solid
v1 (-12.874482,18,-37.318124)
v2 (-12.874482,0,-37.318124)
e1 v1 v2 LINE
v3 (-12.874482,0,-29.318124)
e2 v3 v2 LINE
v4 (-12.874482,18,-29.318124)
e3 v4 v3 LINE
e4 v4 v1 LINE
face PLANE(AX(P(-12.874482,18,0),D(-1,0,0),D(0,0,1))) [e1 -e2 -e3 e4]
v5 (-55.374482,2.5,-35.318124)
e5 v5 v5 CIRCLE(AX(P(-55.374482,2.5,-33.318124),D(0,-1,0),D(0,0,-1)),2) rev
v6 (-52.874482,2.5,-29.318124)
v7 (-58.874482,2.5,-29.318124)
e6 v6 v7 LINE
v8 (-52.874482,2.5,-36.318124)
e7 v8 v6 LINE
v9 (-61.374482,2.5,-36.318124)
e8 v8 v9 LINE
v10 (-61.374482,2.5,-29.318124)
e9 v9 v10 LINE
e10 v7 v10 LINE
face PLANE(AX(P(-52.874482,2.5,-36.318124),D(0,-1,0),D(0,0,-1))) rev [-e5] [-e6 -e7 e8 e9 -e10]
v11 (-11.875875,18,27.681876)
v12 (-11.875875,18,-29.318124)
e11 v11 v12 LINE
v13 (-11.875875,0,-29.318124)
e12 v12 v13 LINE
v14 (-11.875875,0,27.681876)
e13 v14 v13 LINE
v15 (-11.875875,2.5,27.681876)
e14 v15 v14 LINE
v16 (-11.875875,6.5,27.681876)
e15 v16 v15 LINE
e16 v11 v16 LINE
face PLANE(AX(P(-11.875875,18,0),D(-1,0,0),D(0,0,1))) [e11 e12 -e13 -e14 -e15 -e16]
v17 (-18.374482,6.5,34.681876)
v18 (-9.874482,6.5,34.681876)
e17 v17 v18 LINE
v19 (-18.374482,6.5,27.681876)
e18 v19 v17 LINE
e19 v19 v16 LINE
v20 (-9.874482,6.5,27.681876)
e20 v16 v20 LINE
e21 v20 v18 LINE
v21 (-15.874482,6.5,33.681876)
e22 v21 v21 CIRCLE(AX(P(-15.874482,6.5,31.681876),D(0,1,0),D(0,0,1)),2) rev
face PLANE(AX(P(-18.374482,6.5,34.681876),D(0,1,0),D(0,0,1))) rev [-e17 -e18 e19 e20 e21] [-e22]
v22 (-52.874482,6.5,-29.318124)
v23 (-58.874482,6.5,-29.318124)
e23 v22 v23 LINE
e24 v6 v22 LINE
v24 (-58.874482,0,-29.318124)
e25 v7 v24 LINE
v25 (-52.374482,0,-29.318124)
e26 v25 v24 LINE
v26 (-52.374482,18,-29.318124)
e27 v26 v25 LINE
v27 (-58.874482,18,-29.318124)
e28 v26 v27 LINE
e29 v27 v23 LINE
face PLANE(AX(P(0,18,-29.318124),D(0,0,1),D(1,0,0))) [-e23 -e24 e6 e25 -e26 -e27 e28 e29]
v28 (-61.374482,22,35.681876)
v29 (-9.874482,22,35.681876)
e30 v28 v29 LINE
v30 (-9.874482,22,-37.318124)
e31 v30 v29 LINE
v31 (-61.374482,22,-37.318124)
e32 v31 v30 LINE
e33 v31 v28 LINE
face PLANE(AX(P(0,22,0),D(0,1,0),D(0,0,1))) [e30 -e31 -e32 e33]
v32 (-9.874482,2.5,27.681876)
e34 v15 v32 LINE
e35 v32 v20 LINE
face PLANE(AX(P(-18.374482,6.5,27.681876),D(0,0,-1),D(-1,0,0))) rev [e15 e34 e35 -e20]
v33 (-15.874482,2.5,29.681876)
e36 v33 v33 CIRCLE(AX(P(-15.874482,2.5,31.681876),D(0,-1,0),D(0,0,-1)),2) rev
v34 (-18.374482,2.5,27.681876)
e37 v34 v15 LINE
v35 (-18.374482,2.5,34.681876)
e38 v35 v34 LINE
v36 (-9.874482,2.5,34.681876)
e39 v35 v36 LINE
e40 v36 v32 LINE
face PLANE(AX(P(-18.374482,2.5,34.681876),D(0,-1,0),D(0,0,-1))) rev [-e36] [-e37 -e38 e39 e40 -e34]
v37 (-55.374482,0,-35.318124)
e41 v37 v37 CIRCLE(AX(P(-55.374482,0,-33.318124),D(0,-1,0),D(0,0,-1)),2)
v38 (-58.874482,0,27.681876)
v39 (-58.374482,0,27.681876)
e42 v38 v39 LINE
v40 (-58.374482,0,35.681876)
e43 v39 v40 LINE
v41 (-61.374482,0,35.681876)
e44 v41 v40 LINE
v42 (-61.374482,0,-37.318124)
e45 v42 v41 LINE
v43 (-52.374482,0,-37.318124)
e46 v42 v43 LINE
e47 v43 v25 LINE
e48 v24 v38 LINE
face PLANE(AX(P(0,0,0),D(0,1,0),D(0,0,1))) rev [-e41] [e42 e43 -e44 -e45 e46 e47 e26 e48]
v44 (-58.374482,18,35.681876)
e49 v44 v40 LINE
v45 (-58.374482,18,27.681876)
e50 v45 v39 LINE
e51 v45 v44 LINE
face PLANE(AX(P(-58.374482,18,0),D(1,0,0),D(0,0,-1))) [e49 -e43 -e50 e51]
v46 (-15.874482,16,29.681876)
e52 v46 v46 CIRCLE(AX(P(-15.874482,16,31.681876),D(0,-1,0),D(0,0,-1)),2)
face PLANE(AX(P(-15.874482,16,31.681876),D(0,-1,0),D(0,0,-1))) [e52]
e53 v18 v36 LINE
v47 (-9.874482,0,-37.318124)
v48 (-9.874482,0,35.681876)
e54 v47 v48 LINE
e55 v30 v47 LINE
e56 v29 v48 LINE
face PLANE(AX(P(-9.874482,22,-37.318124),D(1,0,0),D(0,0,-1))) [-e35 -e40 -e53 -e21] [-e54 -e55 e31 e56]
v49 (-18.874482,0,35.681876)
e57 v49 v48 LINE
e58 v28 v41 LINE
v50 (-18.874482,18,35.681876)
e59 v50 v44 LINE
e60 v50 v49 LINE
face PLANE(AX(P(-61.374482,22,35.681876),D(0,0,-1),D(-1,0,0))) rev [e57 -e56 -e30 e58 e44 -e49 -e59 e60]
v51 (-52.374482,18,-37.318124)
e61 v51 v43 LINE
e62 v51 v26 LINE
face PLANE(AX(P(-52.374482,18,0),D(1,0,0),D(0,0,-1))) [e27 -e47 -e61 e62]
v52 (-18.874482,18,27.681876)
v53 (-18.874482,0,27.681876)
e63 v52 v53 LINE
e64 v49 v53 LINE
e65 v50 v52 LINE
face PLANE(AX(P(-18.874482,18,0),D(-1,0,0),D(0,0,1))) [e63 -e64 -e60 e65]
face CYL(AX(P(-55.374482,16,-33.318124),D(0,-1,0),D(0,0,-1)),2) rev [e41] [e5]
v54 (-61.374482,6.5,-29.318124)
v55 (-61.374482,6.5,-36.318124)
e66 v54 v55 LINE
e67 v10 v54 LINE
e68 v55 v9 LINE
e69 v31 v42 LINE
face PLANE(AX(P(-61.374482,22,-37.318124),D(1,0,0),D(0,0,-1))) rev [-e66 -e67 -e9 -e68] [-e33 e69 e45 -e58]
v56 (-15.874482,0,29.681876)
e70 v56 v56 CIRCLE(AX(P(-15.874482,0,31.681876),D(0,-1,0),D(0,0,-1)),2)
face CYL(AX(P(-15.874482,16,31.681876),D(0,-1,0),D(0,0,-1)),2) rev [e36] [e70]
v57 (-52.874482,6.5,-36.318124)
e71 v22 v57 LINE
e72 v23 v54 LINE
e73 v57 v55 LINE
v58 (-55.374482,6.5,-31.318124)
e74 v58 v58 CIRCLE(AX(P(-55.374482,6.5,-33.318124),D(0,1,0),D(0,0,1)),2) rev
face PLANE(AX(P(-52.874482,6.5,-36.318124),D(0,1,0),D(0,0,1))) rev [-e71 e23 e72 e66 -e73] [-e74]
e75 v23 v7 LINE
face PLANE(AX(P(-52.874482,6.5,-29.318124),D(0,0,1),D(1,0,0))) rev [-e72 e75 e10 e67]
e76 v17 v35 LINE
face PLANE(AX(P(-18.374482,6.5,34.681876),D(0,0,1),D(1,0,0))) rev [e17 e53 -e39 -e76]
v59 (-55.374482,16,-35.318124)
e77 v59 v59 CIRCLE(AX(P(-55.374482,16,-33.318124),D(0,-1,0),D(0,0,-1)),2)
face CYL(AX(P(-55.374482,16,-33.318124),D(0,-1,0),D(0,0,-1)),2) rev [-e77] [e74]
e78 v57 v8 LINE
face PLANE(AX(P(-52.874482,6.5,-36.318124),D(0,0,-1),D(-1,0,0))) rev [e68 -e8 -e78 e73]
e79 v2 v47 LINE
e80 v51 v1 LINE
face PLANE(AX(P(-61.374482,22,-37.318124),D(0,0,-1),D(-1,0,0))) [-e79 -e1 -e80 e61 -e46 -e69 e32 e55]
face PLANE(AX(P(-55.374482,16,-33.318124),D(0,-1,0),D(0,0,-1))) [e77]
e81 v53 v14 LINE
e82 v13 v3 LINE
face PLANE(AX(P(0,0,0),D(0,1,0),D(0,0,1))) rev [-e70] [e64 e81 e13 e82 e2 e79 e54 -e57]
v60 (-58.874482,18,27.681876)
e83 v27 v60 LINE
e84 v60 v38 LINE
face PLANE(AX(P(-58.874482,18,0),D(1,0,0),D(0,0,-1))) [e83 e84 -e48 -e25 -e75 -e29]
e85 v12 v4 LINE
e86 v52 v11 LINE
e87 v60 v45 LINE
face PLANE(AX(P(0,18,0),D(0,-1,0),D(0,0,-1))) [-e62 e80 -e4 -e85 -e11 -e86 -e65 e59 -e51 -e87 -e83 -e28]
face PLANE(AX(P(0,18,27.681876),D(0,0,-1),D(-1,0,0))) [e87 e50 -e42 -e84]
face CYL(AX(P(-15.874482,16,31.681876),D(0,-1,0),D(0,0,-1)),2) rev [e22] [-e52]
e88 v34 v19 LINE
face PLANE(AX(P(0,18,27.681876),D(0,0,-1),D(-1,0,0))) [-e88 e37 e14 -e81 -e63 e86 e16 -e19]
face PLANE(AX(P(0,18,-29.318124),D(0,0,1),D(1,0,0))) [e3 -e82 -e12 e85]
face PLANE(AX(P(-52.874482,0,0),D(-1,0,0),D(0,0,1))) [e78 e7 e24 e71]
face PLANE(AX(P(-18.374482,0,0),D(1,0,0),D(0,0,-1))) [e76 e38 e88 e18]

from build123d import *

# Parameters (mm, degrees)
SKETCH1_W           = 51.5
SKETCH1_H           = 73
BOSS_EXTRUDE1_DEPTH = 22
CUT_EXTRUDE1_DEPTH  = 18
SKETCH4_R           = 2
CUT_EXTRUDE2_DEPTH  = 16
SKETCH7_W           = 7
SKETCH7_H           = 4
CUT_EXTRUDE3_DEPTH  = 8.5
SKETCH9_W           = 7
SKETCH9_H           = 4
CUT_EXTRUDE4_DEPTH  = 8.5


with BuildPart() as part:
    # Sketch1 → Boss-Extrude1 (new body)
    with BuildSketch(Plane(origin=(0, 0, 0), x_dir=(1, 0, 0), z_dir=(0, 1, 0))):
        with Locations((-35.624481527, 0.818123821)):
            Rectangle(SKETCH1_W, SKETCH1_H)
    extrude(amount=BOSS_EXTRUDE1_DEPTH)

    # Sketch2 → Cut-Extrude1 (cut)
    with BuildSketch(Plane.XZ):
        Polygon((-58.374481527, 27.681876179), (-58.874481527, 27.681876179), (-58.874481527, -29.318123821), (-52.374481527, -29.318123821), (-52.374481527, -37.318123821), (-12.874481527, -37.318123821), (-12.874481527, -29.318123821), (-11.875874941, -29.318123821), (-11.875874941, 27.681876179), (-18.874481527, 27.681876179), (-18.874481527, 35.681876179), (-54.374481527, 35.681876179), (-58.374481527, 35.681876179), align=None)
    extrude(amount=-CUT_EXTRUDE1_DEPTH, mode=Mode.SUBTRACT)

    # Sketch4 → Cut-Extrude2 (cut)
    with BuildSketch(Plane.XZ):
        with Locations(Location((-15.874481527, 31.681876179, 0), (0, 0, 270))):
            Circle(SKETCH4_R)
        with Locations(Location((-55.374481527, -33.318123821, 0), (0, 0, 270))):
            Circle(SKETCH4_R)
    extrude(amount=-CUT_EXTRUDE2_DEPTH, mode=Mode.SUBTRACT)

    # Sketch7 → Cut-Extrude3 (cut)
    with BuildSketch(Plane.ZY.offset(61.374481527)):
        with Locations((-32.818123821, 4.5)):
            Rectangle(SKETCH7_W, SKETCH7_H)
    extrude(amount=-CUT_EXTRUDE3_DEPTH, mode=Mode.SUBTRACT)

    # Sketch9 → Cut-Extrude4 (cut)
    with BuildSketch(Plane(origin=(-9.874481527, 0, 0), x_dir=(0, 0, -1), z_dir=(1, 0, 0))):
        with Locations((-31.181876179, 4.5)):
            Rectangle(SKETCH9_W, SKETCH9_H)
    extrude(amount=-CUT_EXTRUDE4_DEPTH, mode=Mode.SUBTRACT)


solid = part.part
